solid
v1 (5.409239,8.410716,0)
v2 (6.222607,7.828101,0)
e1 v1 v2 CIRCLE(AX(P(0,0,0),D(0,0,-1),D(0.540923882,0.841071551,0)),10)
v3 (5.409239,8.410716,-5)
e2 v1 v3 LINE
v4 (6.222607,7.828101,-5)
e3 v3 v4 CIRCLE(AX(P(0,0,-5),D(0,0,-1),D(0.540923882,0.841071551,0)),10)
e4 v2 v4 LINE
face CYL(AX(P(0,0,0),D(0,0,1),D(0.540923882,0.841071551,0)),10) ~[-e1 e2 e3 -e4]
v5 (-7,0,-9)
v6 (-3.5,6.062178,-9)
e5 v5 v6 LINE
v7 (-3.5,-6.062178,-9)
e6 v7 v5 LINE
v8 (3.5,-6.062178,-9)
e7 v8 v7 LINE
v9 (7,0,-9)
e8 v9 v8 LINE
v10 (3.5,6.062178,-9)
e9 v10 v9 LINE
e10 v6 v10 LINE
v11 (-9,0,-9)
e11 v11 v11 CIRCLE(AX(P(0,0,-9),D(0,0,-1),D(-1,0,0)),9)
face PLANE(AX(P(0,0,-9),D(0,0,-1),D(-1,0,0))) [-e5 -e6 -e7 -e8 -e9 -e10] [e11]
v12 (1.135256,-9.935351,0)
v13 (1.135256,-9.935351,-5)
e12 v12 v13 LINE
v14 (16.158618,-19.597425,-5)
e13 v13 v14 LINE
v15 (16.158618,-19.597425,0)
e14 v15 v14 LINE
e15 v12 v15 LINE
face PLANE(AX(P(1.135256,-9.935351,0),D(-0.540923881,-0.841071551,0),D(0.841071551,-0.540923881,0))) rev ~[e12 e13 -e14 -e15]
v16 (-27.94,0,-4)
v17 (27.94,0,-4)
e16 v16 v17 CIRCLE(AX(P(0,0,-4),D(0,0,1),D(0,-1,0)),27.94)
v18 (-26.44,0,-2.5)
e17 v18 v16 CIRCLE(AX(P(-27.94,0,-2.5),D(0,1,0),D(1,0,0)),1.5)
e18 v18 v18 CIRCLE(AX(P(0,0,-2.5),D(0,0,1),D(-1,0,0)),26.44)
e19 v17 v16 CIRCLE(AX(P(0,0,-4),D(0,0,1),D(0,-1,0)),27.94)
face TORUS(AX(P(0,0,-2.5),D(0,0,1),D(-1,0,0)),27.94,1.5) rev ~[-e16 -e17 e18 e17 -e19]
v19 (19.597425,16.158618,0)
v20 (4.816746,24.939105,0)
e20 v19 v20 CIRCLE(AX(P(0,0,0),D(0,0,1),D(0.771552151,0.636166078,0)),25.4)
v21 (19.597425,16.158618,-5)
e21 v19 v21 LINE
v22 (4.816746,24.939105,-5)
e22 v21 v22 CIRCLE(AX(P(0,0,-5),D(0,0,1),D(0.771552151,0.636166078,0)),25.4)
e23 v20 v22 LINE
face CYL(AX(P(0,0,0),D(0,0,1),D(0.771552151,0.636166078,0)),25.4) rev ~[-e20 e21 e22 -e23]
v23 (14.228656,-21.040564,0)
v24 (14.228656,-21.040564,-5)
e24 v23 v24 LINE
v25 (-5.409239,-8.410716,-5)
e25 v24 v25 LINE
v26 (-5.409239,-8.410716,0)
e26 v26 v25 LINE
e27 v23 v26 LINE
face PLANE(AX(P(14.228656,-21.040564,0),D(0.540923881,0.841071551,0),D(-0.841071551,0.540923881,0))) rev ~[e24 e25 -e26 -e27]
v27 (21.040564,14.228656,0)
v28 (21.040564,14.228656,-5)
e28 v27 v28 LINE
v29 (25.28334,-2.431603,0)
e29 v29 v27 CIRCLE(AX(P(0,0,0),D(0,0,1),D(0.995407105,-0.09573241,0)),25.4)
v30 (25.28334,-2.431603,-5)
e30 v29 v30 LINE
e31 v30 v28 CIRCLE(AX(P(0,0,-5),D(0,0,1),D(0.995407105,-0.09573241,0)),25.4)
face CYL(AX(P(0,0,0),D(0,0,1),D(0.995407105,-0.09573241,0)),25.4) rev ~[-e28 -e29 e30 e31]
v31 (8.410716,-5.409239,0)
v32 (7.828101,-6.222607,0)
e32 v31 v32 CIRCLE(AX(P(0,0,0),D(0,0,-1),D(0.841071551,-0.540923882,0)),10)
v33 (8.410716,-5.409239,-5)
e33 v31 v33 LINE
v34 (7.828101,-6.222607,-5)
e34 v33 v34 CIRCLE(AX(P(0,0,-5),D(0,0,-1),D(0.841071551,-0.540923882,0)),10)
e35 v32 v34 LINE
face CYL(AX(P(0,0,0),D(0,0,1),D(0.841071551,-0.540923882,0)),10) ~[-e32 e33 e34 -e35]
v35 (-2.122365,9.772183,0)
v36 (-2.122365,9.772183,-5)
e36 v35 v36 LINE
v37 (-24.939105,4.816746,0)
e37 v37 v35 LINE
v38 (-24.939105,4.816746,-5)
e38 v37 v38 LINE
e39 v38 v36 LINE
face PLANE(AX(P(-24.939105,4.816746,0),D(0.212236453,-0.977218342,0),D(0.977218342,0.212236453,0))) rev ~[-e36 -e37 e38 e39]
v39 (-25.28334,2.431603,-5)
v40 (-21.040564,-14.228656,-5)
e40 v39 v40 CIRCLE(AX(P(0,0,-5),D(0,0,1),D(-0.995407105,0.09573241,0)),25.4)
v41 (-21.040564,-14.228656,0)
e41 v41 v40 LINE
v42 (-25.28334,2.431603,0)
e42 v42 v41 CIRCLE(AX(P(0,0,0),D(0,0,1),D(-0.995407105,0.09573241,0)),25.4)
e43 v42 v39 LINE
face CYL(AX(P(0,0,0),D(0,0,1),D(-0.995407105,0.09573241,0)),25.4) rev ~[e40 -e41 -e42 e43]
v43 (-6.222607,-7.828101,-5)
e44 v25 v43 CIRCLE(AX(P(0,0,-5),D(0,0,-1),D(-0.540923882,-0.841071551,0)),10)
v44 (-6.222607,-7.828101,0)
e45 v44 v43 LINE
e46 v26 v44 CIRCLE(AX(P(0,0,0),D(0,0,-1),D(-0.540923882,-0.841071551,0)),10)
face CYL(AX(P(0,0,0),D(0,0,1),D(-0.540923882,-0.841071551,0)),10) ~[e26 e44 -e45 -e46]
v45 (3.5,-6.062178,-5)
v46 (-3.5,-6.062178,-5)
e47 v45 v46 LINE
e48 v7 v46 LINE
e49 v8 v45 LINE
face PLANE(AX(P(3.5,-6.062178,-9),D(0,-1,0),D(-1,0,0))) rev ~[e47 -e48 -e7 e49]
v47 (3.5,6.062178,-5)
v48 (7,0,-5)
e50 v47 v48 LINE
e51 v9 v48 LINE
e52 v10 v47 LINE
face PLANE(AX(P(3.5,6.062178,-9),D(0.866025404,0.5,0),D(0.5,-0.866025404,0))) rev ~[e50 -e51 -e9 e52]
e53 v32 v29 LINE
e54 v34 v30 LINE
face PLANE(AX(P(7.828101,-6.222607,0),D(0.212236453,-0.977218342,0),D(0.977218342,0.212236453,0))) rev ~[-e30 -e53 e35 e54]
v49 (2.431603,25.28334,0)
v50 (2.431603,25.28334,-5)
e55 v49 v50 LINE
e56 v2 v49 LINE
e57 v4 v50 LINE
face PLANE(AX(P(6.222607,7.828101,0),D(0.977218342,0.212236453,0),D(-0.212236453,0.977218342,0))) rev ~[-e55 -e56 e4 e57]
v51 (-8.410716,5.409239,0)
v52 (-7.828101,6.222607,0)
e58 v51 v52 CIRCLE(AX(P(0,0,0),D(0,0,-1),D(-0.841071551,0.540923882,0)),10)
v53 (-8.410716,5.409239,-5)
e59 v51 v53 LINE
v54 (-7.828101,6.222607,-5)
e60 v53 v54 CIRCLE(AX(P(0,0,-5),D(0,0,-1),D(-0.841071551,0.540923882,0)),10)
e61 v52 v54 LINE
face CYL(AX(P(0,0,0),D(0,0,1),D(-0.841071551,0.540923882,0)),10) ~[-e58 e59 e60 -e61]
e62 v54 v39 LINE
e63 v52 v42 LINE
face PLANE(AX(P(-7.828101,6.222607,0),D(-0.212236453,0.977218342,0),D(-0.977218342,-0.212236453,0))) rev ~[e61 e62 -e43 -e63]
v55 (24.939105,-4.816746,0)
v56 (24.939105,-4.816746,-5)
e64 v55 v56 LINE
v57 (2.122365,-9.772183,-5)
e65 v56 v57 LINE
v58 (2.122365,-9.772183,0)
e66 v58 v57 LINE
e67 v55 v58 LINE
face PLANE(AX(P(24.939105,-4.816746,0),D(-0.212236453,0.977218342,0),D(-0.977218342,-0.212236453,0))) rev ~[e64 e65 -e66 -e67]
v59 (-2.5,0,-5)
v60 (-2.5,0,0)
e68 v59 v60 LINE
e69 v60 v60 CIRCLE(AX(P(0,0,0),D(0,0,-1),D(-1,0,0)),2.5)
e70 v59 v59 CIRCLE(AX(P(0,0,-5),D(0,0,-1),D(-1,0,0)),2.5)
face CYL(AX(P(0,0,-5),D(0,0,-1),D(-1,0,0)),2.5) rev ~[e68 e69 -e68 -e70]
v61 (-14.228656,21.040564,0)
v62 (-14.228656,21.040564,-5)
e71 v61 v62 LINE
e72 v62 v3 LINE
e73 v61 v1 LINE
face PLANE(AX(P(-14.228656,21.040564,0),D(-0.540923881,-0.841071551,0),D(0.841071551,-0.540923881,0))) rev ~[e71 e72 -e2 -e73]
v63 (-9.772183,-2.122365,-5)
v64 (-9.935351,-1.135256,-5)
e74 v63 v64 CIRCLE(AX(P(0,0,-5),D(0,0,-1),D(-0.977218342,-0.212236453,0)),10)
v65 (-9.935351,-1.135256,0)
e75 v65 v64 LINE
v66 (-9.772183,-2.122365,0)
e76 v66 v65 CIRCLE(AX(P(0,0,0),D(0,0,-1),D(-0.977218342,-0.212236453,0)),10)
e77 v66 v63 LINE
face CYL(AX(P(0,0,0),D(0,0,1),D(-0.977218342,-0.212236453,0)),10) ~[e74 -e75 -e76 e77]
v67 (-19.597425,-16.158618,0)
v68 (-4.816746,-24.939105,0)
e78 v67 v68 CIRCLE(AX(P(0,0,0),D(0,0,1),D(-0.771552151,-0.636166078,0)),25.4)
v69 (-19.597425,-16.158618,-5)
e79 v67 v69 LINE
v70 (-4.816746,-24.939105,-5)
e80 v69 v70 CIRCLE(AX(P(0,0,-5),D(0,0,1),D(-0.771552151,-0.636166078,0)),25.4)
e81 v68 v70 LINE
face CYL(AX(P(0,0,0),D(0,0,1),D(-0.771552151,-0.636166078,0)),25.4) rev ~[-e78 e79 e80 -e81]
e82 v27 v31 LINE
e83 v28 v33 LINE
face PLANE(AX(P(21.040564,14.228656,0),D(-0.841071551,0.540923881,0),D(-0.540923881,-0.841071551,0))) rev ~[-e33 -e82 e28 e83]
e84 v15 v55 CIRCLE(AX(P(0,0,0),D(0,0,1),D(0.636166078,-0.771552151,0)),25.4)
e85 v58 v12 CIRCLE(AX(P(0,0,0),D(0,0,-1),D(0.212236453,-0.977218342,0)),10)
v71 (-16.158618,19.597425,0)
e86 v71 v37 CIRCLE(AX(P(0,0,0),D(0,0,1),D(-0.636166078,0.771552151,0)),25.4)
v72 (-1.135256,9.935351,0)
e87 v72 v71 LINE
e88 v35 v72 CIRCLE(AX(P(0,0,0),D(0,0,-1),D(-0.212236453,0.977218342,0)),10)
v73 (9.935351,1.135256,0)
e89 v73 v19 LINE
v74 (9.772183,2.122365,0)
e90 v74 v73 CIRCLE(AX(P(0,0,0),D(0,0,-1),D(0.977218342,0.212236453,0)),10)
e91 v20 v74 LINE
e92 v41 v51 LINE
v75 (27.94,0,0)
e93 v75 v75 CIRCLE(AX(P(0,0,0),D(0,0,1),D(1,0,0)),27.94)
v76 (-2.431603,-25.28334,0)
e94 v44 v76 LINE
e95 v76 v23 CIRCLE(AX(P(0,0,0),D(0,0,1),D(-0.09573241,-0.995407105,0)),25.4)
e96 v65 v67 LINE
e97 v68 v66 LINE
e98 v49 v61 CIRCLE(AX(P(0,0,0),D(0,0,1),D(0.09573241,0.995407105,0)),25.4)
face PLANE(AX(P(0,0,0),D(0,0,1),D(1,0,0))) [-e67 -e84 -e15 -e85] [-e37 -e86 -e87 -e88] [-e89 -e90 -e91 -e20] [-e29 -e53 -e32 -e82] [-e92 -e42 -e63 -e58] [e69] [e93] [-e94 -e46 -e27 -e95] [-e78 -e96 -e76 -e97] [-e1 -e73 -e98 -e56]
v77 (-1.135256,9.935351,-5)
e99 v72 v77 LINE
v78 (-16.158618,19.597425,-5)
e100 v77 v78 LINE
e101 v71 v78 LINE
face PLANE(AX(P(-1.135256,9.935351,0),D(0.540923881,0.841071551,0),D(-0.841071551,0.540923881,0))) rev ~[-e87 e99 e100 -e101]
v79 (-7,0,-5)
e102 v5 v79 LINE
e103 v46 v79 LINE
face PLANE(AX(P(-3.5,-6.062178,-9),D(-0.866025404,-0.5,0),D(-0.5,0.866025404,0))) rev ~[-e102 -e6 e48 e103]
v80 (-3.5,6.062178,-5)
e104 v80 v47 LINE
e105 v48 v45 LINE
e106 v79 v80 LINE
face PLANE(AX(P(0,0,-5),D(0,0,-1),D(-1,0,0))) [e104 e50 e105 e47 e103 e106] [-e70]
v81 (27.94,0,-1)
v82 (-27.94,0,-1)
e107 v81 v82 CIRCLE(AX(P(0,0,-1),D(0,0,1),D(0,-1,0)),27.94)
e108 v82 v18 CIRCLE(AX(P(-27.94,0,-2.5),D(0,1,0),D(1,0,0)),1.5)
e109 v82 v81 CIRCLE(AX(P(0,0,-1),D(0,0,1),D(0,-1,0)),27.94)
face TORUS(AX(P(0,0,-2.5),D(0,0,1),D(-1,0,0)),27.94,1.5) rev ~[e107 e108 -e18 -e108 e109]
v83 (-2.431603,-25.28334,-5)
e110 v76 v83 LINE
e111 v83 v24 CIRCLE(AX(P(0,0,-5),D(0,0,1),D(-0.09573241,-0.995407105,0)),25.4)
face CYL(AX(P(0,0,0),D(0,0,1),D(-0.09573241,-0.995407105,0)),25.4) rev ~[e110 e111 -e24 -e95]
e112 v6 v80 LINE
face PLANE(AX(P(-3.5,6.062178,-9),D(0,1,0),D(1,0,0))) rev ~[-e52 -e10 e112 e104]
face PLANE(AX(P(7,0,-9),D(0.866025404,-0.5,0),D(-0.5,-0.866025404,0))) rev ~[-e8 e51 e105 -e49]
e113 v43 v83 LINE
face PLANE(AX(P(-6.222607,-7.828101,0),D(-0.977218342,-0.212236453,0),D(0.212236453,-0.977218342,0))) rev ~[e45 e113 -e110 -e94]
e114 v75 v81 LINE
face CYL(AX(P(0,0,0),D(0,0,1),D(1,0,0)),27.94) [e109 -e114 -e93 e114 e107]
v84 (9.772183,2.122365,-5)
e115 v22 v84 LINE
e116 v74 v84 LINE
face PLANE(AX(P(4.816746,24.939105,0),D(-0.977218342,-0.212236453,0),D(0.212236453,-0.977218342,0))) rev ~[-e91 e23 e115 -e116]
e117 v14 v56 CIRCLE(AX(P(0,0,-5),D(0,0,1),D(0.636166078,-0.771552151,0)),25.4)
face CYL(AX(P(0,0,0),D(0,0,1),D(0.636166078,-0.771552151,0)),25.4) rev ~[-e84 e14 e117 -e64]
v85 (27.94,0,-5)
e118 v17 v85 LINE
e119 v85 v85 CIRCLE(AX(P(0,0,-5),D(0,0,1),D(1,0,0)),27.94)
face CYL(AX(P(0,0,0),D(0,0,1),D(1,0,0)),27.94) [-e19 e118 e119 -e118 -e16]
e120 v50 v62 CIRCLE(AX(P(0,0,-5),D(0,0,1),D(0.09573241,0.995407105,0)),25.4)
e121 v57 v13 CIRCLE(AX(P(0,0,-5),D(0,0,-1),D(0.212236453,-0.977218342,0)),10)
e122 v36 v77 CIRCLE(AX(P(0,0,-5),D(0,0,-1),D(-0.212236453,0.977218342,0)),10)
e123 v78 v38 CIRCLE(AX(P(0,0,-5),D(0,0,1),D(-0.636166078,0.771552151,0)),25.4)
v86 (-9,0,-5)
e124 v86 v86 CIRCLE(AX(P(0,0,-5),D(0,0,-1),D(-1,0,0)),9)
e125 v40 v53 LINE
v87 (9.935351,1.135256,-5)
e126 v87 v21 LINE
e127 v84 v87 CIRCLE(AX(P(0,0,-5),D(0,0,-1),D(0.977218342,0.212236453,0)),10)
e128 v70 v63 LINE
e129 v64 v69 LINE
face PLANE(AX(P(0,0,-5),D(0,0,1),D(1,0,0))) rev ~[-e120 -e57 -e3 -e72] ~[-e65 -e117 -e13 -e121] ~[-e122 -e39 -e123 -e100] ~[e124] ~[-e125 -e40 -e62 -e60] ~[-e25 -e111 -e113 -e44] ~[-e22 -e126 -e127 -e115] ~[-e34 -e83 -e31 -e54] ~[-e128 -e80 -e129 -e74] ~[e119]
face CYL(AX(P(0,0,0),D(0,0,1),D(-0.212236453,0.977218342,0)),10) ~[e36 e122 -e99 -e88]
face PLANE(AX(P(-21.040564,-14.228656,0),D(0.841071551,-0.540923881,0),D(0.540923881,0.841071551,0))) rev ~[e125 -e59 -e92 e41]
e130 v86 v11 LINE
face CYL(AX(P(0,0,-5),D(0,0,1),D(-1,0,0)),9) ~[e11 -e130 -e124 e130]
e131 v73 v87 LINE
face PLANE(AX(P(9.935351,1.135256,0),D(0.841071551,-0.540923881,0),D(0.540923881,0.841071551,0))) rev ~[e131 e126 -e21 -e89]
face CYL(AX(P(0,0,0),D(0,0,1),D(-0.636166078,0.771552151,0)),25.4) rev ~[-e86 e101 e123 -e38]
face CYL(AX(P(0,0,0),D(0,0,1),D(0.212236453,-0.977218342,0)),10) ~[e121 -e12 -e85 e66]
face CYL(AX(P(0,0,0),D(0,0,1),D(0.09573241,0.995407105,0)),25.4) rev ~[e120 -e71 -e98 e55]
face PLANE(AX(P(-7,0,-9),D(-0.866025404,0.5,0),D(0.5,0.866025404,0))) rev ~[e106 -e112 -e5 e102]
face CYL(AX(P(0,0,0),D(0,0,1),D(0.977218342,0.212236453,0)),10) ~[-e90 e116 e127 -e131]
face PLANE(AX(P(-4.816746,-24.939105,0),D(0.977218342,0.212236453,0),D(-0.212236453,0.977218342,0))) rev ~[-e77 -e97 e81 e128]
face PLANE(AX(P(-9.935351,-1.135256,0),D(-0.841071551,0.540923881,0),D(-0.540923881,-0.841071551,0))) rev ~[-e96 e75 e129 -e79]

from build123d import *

# Parameters (mm, degrees)
SKETCH1_R           = 27.94
BOSS_EXTRUDE1_DEPTH = 5
CUT_EXTRUDE2_DEPTH  = 5
SKETCH9_R           = 1.5
SKETCH10_R          = 9
BOSS_EXTRUDE2_DEPTH = 4
CUT_EXTRUDE4_DEPTH  = 4
SKETCH12_R          = 2.5
CUT_EXTRUDE5_DEPTH  = 6


with BuildPart() as part:
    # Sketch1 → Boss-Extrude1 (new body)
    with BuildSketch(Plane.XY):
        Circle(SKETCH1_R)
    extrude(amount=-BOSS_EXTRUDE1_DEPTH)

    # Sketch7 → Cut-Extrude2 (cut)
    with BuildSketch(Plane.XY):
        with BuildLine():
            ThreePointArc((2.122364529, -9.772183421), (1.630852156, -9.866119868), (1.135255991, -9.935350715))
            Line((1.135255991, -9.935350715), (16.158618381, -19.597424627))
            ThreePointArc((16.158618381, -19.597424627), (21.837418082, -12.972554549), (24.939104938, -4.816746297))
            Line((24.939104938, -4.816746297), (2.122364529, -9.772183421))
        make_face()
        with BuildLine():
            Line((14.228656248, -21.040564188), (-5.409238814, -8.410715514))
            ThreePointArc((-5.409238814, -8.410715514), (-5.823213644, -8.129586881), (-6.222606654, -7.828101074))
            Line((-6.222606654, -7.828101074), (-2.431603216, -25.283340479))
            ThreePointArc((-2.431603216, -25.283340479), (6.268405118, -24.6143677), (14.228656248, -21.040564188))
        make_face()
        with BuildLine():
            ThreePointArc((8.410715514, -5.409238814), (8.129586881, -5.823213644), (7.828101074, -6.222606654))
            Line((7.828101074, -6.222606654), (25.283340479, -2.431603216))
            ThreePointArc((25.283340479, -2.431603216), (24.6143677, 6.268405118), (21.040564188, 14.228656248))
            Line((21.040564188, 14.228656248), (8.410715514, -5.409238814))
        make_face()
        with BuildLine():
            Line((-4.816746297, -24.939104938), (-9.772183421, -2.122364529))
            ThreePointArc((-9.772183421, -2.122364529), (-9.866119868, -1.630852156), (-9.935350715, -1.135255991))
            Line((-9.935350715, -1.135255991), (-19.597424627, -16.158618381))
            ThreePointArc((-19.597424627, -16.158618381), (-12.972554549, -21.837418082), (-4.816746297, -24.939104938))
        make_face()
        with BuildLine():
            Line((-21.040564188, -14.228656248), (-8.410715514, 5.409238814))
            ThreePointArc((-8.410715514, 5.409238814), (-8.129586881, 5.823213644), (-7.828101074, 6.222606654))
            Line((-7.828101074, 6.222606654), (-25.283340479, 2.431603216))
            ThreePointArc((-25.283340479, 2.431603216), (-24.6143677, -6.268405118), (-21.040564188, -14.228656248))
        make_face()
        with BuildLine():
            Line((9.935350715, 1.135255991), (19.597424627, 16.158618381))
            ThreePointArc((19.597424627, 16.158618381), (12.972554549, 21.837418082), (4.816746297, 24.939104938))
            Line((4.816746297, 24.939104938), (9.772183421, 2.122364529))
            ThreePointArc((9.772183421, 2.122364529), (9.866119868, 1.630852156), (9.935350715, 1.135255991))
        make_face()
        with BuildLine():
            Line((-24.939104938, 4.816746297), (-2.122364529, 9.772183421))
            ThreePointArc((-2.122364529, 9.772183421), (-1.630852156, 9.866119868), (-1.135255991, 9.935350715))
            Line((-1.135255991, 9.935350715), (-16.158618381, 19.597424627))
            ThreePointArc((-16.158618381, 19.597424627), (-21.837418082, 12.972554549), (-24.939104938, 4.816746297))
        make_face()
        with BuildLine():
            Line((6.222606654, 7.828101074), (2.431603216, 25.283340479))
            ThreePointArc((2.431603216, 25.283340479), (-6.268405118, 24.6143677), (-14.228656248, 21.040564188))
            Line((-14.228656248, 21.040564188), (5.409238814, 8.410715514))
            ThreePointArc((5.409238814, 8.410715514), (5.823213644, 8.129586881), (6.222606654, 7.828101074))
        make_face()
    extrude(amount=-CUT_EXTRUDE2_DEPTH, mode=Mode.SUBTRACT)

    # Sketch9 → Cut-Revolve3 (revolve, cut)
    with BuildSketch(Plane(origin=(0, 0, 0), x_dir=(1, 0, 0), z_dir=(0, 1, 0))):
        with Locations((-27.94, 2.5)):
            Circle(SKETCH9_R)
    revolve(axis=Axis((0, 0, -92.148103423), (0, 0, 1)), mode=Mode.SUBTRACT)

    # Sketch10 → Boss-Extrude2 (add)
    with BuildSketch(Plane(origin=(0, 0, -5), x_dir=(-1, 0, 0), z_dir=(0, 0, -1))):
        Circle(SKETCH10_R)
    extrude(amount=BOSS_EXTRUDE2_DEPTH)

    # Sketch11 → Cut-Extrude4 (cut)
    with BuildSketch(Plane(origin=(0, 0, -9), x_dir=(-1, 0, 0), z_dir=(0, 0, -1))):
        Polygon((7, 0), (3.5, 6.062177826), (-3.5, 6.062177826), (-7, 0), (-3.5, -6.062177826), (3.5, -6.062177826), align=None)
    extrude(amount=-CUT_EXTRUDE4_DEPTH, mode=Mode.SUBTRACT)

    # Sketch12 → Cut-Extrude5 (cut, through all)
    with BuildSketch(Plane(origin=(0, 0, -5), x_dir=(-1, 0, 0), z_dir=(0, 0, -1))):
        Circle(SKETCH12_R)
    extrude(amount=-CUT_EXTRUDE5_DEPTH, mode=Mode.SUBTRACT)


solid = part.part
